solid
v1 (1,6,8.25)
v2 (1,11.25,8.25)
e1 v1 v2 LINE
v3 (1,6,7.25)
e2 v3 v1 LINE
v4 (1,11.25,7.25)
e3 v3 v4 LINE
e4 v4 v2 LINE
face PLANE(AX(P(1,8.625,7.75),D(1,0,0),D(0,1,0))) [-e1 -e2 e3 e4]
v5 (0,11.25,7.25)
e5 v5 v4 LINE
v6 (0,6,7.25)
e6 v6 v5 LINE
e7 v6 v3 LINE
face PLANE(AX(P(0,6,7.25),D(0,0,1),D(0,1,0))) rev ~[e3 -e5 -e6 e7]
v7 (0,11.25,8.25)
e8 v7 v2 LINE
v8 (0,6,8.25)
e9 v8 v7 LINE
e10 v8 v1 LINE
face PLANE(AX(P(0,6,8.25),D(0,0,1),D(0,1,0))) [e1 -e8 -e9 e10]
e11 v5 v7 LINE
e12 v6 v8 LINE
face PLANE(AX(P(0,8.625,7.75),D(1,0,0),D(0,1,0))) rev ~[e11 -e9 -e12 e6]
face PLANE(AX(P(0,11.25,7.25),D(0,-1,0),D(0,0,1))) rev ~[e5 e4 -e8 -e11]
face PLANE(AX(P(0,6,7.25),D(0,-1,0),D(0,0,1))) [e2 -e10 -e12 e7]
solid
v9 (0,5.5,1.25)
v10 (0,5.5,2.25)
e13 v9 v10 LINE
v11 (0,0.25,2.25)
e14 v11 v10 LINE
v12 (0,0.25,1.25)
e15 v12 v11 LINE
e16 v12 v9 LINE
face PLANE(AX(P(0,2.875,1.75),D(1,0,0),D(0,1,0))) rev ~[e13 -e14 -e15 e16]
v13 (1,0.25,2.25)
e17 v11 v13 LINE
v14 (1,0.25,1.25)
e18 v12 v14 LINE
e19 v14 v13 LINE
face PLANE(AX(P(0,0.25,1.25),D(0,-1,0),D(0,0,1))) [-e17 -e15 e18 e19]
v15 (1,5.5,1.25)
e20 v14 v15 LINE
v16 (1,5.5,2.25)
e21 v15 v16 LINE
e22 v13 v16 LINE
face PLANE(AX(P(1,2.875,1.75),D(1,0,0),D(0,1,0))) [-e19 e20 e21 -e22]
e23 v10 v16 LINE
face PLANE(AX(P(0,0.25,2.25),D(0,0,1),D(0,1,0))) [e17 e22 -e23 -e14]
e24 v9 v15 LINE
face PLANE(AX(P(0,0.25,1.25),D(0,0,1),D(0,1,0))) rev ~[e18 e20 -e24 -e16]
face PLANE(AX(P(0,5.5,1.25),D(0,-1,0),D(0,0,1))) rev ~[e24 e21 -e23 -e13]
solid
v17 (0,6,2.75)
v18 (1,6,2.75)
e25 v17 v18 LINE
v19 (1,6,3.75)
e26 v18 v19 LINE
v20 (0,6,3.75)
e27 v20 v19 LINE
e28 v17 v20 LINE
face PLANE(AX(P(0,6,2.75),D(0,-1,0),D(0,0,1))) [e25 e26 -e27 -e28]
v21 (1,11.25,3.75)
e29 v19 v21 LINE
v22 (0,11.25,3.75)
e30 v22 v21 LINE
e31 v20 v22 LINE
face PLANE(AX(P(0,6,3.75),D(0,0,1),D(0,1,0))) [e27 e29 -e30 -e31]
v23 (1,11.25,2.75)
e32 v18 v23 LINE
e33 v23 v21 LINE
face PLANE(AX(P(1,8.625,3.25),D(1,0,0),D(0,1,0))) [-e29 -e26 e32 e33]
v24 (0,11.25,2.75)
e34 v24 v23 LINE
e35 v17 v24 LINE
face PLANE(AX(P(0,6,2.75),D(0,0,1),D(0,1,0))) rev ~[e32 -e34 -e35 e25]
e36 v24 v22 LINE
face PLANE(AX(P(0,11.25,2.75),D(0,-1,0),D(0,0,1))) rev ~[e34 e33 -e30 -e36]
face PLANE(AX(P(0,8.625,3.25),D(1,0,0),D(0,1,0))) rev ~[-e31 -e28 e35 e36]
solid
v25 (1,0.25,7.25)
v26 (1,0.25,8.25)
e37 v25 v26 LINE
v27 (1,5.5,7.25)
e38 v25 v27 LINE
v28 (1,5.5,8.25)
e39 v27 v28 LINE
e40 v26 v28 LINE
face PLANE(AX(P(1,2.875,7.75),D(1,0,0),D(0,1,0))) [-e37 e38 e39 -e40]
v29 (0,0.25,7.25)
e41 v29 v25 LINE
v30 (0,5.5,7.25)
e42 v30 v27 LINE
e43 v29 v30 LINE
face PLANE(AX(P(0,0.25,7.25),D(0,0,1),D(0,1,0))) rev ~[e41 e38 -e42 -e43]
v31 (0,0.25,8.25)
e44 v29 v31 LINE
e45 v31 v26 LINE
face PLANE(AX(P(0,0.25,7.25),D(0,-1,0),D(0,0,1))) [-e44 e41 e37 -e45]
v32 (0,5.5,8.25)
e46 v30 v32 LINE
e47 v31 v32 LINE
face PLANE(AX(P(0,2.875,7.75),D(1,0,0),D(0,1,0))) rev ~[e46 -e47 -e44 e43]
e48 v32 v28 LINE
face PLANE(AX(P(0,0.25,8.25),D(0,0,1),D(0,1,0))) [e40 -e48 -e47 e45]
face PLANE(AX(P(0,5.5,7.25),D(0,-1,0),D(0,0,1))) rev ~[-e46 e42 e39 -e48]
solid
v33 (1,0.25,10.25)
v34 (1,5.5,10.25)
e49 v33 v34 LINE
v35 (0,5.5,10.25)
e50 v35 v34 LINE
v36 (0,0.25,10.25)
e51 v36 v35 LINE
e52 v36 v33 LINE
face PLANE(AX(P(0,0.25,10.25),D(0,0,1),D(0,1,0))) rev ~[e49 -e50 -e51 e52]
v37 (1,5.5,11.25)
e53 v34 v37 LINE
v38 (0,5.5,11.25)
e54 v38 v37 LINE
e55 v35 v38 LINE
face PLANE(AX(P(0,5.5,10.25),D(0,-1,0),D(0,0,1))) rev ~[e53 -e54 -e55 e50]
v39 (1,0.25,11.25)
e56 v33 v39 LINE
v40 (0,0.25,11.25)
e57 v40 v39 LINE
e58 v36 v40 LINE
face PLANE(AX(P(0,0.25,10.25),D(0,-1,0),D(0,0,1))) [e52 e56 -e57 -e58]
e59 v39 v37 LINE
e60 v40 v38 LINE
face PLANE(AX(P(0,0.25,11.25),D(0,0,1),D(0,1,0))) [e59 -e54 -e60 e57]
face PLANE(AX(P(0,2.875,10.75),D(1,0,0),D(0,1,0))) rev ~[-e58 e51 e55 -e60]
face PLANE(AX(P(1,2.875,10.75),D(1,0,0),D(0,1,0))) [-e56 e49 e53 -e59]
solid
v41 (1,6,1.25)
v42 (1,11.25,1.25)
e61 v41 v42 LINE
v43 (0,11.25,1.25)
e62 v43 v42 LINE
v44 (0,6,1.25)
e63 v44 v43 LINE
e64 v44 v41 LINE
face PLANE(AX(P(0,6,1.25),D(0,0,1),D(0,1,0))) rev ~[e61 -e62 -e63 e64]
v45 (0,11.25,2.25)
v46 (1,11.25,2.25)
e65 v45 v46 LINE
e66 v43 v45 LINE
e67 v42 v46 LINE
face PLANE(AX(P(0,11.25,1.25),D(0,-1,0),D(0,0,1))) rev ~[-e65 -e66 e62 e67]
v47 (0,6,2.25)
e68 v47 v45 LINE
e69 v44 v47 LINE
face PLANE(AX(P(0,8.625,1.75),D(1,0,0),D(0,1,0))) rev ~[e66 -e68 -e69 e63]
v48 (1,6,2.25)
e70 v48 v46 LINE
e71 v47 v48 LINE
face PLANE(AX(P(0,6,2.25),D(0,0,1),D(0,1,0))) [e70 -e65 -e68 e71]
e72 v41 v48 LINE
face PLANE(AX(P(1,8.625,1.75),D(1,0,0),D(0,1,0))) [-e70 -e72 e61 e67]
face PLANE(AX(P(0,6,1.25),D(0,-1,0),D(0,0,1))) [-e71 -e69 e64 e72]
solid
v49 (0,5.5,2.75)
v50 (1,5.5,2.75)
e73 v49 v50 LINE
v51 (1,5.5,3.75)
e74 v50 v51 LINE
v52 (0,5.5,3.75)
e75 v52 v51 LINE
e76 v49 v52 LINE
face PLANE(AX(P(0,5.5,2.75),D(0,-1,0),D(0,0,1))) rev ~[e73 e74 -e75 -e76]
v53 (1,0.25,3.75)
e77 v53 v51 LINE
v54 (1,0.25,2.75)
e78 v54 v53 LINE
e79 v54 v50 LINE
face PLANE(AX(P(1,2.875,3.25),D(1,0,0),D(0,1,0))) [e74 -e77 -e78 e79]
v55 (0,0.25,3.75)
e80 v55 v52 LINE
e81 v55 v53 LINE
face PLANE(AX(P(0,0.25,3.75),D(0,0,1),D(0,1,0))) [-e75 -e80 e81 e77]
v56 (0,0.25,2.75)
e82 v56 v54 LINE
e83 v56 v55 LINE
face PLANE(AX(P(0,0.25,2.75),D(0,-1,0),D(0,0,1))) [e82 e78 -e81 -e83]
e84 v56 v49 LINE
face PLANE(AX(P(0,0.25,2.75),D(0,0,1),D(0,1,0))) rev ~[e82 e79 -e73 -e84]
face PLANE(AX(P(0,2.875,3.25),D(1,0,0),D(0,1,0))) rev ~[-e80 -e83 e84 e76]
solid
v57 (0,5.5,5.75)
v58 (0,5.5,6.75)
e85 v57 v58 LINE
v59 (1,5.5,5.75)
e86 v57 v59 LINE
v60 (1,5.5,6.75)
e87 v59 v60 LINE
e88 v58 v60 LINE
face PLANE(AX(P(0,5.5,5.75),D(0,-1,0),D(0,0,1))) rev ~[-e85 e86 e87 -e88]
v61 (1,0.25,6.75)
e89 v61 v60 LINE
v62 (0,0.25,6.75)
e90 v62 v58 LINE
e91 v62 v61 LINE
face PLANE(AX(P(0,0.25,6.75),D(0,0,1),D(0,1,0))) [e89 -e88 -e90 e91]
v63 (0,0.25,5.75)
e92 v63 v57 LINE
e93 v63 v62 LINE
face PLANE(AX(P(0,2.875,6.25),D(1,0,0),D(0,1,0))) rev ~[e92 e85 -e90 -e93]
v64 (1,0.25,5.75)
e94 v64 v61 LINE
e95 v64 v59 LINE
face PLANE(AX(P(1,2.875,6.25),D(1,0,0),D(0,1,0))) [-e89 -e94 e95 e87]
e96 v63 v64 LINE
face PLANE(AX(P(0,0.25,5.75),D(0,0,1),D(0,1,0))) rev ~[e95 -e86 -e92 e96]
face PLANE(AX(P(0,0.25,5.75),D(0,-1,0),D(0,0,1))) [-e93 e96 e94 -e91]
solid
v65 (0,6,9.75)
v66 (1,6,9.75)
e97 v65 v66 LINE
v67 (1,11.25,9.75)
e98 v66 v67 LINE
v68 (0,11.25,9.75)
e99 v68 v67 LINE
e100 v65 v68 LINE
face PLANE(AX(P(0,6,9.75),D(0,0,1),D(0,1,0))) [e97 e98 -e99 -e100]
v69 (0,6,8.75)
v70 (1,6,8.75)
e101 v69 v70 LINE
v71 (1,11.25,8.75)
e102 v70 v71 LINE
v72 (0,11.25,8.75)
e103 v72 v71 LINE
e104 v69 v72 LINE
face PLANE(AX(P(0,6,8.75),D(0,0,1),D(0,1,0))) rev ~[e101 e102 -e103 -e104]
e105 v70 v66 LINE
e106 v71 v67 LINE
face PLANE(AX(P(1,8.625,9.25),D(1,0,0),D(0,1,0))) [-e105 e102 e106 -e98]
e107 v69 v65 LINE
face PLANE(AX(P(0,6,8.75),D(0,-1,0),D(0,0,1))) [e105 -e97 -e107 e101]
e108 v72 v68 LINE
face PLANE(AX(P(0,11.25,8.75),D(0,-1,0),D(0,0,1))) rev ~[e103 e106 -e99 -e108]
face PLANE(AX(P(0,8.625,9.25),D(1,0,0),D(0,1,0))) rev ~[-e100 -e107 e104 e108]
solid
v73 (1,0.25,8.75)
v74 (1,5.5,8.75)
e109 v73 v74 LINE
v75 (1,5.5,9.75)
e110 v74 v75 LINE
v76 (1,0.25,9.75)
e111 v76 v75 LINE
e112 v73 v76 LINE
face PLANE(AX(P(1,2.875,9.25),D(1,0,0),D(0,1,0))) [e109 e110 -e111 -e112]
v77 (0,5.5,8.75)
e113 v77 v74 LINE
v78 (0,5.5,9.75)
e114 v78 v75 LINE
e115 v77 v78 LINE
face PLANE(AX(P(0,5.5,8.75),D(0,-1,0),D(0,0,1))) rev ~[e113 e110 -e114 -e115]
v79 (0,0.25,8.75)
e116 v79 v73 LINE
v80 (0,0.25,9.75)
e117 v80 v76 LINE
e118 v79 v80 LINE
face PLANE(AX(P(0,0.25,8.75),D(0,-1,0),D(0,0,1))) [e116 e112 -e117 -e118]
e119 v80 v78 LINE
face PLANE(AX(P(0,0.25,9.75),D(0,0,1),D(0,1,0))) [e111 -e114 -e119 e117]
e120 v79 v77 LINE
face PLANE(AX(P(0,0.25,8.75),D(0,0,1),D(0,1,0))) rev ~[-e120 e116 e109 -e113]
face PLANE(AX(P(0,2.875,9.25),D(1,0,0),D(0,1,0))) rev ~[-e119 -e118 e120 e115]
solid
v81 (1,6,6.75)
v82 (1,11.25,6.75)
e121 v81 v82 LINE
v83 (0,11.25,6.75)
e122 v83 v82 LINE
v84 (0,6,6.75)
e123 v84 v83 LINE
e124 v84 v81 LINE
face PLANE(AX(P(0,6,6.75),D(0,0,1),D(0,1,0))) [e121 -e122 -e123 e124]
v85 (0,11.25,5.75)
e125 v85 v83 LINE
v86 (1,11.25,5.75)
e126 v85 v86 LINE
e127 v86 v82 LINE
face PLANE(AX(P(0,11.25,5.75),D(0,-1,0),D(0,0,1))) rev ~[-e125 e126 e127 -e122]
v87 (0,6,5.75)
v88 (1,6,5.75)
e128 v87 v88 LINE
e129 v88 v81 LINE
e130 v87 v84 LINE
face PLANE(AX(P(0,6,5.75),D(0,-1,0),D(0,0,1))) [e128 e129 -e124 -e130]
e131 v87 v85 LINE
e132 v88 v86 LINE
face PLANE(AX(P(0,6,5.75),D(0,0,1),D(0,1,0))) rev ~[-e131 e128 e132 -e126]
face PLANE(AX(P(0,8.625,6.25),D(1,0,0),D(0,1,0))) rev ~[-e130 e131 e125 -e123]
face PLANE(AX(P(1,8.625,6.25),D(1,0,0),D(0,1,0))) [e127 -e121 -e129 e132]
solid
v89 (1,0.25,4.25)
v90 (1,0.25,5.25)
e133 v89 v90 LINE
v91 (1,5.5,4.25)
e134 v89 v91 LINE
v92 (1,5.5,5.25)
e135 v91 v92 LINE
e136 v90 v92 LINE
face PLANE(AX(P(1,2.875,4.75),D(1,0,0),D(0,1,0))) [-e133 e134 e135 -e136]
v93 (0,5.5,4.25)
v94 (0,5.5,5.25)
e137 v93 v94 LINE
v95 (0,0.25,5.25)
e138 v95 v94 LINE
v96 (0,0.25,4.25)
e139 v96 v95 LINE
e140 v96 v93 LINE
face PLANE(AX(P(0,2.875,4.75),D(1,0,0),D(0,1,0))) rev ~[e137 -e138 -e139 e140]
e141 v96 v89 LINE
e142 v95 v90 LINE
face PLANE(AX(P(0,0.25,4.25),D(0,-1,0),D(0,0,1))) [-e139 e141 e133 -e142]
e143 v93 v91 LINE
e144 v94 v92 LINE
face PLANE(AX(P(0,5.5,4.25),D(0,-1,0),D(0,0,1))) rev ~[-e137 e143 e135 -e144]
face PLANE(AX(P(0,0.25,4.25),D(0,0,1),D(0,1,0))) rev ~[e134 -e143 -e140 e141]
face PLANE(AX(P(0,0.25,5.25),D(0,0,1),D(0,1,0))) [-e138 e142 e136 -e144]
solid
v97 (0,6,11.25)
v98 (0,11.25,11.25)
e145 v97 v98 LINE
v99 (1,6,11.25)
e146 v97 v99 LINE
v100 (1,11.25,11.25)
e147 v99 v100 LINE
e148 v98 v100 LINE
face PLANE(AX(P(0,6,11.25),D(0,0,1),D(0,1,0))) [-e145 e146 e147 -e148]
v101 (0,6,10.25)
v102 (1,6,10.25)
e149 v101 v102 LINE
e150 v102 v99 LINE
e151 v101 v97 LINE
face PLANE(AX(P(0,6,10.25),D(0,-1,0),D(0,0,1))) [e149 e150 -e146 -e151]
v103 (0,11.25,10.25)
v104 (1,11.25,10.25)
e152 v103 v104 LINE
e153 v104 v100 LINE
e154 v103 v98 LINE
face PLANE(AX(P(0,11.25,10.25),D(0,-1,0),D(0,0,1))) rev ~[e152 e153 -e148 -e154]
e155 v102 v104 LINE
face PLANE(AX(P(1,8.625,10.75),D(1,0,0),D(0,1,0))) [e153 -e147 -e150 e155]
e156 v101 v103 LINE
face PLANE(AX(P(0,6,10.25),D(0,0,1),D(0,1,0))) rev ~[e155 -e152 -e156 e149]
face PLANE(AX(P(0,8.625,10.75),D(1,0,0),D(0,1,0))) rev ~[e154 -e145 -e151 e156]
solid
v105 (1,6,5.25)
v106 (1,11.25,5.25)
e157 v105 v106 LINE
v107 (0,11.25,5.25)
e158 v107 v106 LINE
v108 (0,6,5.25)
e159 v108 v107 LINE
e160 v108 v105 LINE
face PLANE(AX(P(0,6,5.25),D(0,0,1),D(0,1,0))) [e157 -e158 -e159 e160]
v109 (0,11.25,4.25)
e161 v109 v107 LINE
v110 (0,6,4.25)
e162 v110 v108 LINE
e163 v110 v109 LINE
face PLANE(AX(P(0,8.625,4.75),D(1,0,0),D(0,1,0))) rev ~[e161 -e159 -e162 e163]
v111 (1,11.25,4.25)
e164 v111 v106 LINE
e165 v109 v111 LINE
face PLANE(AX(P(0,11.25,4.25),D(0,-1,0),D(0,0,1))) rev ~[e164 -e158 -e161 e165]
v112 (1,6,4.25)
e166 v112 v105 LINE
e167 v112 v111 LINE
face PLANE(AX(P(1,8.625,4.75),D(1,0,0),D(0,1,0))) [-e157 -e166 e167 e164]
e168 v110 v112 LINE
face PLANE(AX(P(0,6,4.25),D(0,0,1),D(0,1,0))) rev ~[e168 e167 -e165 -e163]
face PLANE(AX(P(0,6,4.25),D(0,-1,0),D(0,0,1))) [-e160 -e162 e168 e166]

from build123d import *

# Parameters (mm, degrees)
F0_W     = 5.25
F0_H     = 1
F1_DEPTH = 1


with BuildPart() as f1:
    # F0 (on Right) → F1 (new body)
    with BuildSketch(Plane.YZ):
        with Locations((2.875, 10.75)):
            Rectangle(F0_W, F0_H)
        with Locations((8.625, 10.75)):
            Rectangle(F0_W, F0_H)
        with Locations((2.875, 9.25)):
            Rectangle(F0_W, F0_H)
        with Locations((8.625, 9.25)):
            Rectangle(F0_W, F0_H)
        with Locations((2.875, 7.75)):
            Rectangle(F0_W, F0_H)
        with Locations((8.625, 7.75)):
            Rectangle(F0_W, F0_H)
        with Locations((2.875, 6.25)):
            Rectangle(F0_W, F0_H)
        with Locations((8.625, 6.25)):
            Rectangle(F0_W, F0_H)
        with Locations((2.875, 4.75)):
            Rectangle(F0_W, F0_H)
        with Locations((8.625, 4.75)):
            Rectangle(F0_W, F0_H)
        with Locations((8.625, 3.25)):
            Rectangle(F0_W, F0_H)
        with Locations((2.875, 3.25)):
            Rectangle(F0_W, F0_H)
        with Locations((2.875, 1.75)):
            Rectangle(F0_W, F0_H)
        with Locations((8.625, 1.75)):
            Rectangle(F0_W, F0_H)
    extrude(amount=F1_DEPTH)


solid = f1.part
